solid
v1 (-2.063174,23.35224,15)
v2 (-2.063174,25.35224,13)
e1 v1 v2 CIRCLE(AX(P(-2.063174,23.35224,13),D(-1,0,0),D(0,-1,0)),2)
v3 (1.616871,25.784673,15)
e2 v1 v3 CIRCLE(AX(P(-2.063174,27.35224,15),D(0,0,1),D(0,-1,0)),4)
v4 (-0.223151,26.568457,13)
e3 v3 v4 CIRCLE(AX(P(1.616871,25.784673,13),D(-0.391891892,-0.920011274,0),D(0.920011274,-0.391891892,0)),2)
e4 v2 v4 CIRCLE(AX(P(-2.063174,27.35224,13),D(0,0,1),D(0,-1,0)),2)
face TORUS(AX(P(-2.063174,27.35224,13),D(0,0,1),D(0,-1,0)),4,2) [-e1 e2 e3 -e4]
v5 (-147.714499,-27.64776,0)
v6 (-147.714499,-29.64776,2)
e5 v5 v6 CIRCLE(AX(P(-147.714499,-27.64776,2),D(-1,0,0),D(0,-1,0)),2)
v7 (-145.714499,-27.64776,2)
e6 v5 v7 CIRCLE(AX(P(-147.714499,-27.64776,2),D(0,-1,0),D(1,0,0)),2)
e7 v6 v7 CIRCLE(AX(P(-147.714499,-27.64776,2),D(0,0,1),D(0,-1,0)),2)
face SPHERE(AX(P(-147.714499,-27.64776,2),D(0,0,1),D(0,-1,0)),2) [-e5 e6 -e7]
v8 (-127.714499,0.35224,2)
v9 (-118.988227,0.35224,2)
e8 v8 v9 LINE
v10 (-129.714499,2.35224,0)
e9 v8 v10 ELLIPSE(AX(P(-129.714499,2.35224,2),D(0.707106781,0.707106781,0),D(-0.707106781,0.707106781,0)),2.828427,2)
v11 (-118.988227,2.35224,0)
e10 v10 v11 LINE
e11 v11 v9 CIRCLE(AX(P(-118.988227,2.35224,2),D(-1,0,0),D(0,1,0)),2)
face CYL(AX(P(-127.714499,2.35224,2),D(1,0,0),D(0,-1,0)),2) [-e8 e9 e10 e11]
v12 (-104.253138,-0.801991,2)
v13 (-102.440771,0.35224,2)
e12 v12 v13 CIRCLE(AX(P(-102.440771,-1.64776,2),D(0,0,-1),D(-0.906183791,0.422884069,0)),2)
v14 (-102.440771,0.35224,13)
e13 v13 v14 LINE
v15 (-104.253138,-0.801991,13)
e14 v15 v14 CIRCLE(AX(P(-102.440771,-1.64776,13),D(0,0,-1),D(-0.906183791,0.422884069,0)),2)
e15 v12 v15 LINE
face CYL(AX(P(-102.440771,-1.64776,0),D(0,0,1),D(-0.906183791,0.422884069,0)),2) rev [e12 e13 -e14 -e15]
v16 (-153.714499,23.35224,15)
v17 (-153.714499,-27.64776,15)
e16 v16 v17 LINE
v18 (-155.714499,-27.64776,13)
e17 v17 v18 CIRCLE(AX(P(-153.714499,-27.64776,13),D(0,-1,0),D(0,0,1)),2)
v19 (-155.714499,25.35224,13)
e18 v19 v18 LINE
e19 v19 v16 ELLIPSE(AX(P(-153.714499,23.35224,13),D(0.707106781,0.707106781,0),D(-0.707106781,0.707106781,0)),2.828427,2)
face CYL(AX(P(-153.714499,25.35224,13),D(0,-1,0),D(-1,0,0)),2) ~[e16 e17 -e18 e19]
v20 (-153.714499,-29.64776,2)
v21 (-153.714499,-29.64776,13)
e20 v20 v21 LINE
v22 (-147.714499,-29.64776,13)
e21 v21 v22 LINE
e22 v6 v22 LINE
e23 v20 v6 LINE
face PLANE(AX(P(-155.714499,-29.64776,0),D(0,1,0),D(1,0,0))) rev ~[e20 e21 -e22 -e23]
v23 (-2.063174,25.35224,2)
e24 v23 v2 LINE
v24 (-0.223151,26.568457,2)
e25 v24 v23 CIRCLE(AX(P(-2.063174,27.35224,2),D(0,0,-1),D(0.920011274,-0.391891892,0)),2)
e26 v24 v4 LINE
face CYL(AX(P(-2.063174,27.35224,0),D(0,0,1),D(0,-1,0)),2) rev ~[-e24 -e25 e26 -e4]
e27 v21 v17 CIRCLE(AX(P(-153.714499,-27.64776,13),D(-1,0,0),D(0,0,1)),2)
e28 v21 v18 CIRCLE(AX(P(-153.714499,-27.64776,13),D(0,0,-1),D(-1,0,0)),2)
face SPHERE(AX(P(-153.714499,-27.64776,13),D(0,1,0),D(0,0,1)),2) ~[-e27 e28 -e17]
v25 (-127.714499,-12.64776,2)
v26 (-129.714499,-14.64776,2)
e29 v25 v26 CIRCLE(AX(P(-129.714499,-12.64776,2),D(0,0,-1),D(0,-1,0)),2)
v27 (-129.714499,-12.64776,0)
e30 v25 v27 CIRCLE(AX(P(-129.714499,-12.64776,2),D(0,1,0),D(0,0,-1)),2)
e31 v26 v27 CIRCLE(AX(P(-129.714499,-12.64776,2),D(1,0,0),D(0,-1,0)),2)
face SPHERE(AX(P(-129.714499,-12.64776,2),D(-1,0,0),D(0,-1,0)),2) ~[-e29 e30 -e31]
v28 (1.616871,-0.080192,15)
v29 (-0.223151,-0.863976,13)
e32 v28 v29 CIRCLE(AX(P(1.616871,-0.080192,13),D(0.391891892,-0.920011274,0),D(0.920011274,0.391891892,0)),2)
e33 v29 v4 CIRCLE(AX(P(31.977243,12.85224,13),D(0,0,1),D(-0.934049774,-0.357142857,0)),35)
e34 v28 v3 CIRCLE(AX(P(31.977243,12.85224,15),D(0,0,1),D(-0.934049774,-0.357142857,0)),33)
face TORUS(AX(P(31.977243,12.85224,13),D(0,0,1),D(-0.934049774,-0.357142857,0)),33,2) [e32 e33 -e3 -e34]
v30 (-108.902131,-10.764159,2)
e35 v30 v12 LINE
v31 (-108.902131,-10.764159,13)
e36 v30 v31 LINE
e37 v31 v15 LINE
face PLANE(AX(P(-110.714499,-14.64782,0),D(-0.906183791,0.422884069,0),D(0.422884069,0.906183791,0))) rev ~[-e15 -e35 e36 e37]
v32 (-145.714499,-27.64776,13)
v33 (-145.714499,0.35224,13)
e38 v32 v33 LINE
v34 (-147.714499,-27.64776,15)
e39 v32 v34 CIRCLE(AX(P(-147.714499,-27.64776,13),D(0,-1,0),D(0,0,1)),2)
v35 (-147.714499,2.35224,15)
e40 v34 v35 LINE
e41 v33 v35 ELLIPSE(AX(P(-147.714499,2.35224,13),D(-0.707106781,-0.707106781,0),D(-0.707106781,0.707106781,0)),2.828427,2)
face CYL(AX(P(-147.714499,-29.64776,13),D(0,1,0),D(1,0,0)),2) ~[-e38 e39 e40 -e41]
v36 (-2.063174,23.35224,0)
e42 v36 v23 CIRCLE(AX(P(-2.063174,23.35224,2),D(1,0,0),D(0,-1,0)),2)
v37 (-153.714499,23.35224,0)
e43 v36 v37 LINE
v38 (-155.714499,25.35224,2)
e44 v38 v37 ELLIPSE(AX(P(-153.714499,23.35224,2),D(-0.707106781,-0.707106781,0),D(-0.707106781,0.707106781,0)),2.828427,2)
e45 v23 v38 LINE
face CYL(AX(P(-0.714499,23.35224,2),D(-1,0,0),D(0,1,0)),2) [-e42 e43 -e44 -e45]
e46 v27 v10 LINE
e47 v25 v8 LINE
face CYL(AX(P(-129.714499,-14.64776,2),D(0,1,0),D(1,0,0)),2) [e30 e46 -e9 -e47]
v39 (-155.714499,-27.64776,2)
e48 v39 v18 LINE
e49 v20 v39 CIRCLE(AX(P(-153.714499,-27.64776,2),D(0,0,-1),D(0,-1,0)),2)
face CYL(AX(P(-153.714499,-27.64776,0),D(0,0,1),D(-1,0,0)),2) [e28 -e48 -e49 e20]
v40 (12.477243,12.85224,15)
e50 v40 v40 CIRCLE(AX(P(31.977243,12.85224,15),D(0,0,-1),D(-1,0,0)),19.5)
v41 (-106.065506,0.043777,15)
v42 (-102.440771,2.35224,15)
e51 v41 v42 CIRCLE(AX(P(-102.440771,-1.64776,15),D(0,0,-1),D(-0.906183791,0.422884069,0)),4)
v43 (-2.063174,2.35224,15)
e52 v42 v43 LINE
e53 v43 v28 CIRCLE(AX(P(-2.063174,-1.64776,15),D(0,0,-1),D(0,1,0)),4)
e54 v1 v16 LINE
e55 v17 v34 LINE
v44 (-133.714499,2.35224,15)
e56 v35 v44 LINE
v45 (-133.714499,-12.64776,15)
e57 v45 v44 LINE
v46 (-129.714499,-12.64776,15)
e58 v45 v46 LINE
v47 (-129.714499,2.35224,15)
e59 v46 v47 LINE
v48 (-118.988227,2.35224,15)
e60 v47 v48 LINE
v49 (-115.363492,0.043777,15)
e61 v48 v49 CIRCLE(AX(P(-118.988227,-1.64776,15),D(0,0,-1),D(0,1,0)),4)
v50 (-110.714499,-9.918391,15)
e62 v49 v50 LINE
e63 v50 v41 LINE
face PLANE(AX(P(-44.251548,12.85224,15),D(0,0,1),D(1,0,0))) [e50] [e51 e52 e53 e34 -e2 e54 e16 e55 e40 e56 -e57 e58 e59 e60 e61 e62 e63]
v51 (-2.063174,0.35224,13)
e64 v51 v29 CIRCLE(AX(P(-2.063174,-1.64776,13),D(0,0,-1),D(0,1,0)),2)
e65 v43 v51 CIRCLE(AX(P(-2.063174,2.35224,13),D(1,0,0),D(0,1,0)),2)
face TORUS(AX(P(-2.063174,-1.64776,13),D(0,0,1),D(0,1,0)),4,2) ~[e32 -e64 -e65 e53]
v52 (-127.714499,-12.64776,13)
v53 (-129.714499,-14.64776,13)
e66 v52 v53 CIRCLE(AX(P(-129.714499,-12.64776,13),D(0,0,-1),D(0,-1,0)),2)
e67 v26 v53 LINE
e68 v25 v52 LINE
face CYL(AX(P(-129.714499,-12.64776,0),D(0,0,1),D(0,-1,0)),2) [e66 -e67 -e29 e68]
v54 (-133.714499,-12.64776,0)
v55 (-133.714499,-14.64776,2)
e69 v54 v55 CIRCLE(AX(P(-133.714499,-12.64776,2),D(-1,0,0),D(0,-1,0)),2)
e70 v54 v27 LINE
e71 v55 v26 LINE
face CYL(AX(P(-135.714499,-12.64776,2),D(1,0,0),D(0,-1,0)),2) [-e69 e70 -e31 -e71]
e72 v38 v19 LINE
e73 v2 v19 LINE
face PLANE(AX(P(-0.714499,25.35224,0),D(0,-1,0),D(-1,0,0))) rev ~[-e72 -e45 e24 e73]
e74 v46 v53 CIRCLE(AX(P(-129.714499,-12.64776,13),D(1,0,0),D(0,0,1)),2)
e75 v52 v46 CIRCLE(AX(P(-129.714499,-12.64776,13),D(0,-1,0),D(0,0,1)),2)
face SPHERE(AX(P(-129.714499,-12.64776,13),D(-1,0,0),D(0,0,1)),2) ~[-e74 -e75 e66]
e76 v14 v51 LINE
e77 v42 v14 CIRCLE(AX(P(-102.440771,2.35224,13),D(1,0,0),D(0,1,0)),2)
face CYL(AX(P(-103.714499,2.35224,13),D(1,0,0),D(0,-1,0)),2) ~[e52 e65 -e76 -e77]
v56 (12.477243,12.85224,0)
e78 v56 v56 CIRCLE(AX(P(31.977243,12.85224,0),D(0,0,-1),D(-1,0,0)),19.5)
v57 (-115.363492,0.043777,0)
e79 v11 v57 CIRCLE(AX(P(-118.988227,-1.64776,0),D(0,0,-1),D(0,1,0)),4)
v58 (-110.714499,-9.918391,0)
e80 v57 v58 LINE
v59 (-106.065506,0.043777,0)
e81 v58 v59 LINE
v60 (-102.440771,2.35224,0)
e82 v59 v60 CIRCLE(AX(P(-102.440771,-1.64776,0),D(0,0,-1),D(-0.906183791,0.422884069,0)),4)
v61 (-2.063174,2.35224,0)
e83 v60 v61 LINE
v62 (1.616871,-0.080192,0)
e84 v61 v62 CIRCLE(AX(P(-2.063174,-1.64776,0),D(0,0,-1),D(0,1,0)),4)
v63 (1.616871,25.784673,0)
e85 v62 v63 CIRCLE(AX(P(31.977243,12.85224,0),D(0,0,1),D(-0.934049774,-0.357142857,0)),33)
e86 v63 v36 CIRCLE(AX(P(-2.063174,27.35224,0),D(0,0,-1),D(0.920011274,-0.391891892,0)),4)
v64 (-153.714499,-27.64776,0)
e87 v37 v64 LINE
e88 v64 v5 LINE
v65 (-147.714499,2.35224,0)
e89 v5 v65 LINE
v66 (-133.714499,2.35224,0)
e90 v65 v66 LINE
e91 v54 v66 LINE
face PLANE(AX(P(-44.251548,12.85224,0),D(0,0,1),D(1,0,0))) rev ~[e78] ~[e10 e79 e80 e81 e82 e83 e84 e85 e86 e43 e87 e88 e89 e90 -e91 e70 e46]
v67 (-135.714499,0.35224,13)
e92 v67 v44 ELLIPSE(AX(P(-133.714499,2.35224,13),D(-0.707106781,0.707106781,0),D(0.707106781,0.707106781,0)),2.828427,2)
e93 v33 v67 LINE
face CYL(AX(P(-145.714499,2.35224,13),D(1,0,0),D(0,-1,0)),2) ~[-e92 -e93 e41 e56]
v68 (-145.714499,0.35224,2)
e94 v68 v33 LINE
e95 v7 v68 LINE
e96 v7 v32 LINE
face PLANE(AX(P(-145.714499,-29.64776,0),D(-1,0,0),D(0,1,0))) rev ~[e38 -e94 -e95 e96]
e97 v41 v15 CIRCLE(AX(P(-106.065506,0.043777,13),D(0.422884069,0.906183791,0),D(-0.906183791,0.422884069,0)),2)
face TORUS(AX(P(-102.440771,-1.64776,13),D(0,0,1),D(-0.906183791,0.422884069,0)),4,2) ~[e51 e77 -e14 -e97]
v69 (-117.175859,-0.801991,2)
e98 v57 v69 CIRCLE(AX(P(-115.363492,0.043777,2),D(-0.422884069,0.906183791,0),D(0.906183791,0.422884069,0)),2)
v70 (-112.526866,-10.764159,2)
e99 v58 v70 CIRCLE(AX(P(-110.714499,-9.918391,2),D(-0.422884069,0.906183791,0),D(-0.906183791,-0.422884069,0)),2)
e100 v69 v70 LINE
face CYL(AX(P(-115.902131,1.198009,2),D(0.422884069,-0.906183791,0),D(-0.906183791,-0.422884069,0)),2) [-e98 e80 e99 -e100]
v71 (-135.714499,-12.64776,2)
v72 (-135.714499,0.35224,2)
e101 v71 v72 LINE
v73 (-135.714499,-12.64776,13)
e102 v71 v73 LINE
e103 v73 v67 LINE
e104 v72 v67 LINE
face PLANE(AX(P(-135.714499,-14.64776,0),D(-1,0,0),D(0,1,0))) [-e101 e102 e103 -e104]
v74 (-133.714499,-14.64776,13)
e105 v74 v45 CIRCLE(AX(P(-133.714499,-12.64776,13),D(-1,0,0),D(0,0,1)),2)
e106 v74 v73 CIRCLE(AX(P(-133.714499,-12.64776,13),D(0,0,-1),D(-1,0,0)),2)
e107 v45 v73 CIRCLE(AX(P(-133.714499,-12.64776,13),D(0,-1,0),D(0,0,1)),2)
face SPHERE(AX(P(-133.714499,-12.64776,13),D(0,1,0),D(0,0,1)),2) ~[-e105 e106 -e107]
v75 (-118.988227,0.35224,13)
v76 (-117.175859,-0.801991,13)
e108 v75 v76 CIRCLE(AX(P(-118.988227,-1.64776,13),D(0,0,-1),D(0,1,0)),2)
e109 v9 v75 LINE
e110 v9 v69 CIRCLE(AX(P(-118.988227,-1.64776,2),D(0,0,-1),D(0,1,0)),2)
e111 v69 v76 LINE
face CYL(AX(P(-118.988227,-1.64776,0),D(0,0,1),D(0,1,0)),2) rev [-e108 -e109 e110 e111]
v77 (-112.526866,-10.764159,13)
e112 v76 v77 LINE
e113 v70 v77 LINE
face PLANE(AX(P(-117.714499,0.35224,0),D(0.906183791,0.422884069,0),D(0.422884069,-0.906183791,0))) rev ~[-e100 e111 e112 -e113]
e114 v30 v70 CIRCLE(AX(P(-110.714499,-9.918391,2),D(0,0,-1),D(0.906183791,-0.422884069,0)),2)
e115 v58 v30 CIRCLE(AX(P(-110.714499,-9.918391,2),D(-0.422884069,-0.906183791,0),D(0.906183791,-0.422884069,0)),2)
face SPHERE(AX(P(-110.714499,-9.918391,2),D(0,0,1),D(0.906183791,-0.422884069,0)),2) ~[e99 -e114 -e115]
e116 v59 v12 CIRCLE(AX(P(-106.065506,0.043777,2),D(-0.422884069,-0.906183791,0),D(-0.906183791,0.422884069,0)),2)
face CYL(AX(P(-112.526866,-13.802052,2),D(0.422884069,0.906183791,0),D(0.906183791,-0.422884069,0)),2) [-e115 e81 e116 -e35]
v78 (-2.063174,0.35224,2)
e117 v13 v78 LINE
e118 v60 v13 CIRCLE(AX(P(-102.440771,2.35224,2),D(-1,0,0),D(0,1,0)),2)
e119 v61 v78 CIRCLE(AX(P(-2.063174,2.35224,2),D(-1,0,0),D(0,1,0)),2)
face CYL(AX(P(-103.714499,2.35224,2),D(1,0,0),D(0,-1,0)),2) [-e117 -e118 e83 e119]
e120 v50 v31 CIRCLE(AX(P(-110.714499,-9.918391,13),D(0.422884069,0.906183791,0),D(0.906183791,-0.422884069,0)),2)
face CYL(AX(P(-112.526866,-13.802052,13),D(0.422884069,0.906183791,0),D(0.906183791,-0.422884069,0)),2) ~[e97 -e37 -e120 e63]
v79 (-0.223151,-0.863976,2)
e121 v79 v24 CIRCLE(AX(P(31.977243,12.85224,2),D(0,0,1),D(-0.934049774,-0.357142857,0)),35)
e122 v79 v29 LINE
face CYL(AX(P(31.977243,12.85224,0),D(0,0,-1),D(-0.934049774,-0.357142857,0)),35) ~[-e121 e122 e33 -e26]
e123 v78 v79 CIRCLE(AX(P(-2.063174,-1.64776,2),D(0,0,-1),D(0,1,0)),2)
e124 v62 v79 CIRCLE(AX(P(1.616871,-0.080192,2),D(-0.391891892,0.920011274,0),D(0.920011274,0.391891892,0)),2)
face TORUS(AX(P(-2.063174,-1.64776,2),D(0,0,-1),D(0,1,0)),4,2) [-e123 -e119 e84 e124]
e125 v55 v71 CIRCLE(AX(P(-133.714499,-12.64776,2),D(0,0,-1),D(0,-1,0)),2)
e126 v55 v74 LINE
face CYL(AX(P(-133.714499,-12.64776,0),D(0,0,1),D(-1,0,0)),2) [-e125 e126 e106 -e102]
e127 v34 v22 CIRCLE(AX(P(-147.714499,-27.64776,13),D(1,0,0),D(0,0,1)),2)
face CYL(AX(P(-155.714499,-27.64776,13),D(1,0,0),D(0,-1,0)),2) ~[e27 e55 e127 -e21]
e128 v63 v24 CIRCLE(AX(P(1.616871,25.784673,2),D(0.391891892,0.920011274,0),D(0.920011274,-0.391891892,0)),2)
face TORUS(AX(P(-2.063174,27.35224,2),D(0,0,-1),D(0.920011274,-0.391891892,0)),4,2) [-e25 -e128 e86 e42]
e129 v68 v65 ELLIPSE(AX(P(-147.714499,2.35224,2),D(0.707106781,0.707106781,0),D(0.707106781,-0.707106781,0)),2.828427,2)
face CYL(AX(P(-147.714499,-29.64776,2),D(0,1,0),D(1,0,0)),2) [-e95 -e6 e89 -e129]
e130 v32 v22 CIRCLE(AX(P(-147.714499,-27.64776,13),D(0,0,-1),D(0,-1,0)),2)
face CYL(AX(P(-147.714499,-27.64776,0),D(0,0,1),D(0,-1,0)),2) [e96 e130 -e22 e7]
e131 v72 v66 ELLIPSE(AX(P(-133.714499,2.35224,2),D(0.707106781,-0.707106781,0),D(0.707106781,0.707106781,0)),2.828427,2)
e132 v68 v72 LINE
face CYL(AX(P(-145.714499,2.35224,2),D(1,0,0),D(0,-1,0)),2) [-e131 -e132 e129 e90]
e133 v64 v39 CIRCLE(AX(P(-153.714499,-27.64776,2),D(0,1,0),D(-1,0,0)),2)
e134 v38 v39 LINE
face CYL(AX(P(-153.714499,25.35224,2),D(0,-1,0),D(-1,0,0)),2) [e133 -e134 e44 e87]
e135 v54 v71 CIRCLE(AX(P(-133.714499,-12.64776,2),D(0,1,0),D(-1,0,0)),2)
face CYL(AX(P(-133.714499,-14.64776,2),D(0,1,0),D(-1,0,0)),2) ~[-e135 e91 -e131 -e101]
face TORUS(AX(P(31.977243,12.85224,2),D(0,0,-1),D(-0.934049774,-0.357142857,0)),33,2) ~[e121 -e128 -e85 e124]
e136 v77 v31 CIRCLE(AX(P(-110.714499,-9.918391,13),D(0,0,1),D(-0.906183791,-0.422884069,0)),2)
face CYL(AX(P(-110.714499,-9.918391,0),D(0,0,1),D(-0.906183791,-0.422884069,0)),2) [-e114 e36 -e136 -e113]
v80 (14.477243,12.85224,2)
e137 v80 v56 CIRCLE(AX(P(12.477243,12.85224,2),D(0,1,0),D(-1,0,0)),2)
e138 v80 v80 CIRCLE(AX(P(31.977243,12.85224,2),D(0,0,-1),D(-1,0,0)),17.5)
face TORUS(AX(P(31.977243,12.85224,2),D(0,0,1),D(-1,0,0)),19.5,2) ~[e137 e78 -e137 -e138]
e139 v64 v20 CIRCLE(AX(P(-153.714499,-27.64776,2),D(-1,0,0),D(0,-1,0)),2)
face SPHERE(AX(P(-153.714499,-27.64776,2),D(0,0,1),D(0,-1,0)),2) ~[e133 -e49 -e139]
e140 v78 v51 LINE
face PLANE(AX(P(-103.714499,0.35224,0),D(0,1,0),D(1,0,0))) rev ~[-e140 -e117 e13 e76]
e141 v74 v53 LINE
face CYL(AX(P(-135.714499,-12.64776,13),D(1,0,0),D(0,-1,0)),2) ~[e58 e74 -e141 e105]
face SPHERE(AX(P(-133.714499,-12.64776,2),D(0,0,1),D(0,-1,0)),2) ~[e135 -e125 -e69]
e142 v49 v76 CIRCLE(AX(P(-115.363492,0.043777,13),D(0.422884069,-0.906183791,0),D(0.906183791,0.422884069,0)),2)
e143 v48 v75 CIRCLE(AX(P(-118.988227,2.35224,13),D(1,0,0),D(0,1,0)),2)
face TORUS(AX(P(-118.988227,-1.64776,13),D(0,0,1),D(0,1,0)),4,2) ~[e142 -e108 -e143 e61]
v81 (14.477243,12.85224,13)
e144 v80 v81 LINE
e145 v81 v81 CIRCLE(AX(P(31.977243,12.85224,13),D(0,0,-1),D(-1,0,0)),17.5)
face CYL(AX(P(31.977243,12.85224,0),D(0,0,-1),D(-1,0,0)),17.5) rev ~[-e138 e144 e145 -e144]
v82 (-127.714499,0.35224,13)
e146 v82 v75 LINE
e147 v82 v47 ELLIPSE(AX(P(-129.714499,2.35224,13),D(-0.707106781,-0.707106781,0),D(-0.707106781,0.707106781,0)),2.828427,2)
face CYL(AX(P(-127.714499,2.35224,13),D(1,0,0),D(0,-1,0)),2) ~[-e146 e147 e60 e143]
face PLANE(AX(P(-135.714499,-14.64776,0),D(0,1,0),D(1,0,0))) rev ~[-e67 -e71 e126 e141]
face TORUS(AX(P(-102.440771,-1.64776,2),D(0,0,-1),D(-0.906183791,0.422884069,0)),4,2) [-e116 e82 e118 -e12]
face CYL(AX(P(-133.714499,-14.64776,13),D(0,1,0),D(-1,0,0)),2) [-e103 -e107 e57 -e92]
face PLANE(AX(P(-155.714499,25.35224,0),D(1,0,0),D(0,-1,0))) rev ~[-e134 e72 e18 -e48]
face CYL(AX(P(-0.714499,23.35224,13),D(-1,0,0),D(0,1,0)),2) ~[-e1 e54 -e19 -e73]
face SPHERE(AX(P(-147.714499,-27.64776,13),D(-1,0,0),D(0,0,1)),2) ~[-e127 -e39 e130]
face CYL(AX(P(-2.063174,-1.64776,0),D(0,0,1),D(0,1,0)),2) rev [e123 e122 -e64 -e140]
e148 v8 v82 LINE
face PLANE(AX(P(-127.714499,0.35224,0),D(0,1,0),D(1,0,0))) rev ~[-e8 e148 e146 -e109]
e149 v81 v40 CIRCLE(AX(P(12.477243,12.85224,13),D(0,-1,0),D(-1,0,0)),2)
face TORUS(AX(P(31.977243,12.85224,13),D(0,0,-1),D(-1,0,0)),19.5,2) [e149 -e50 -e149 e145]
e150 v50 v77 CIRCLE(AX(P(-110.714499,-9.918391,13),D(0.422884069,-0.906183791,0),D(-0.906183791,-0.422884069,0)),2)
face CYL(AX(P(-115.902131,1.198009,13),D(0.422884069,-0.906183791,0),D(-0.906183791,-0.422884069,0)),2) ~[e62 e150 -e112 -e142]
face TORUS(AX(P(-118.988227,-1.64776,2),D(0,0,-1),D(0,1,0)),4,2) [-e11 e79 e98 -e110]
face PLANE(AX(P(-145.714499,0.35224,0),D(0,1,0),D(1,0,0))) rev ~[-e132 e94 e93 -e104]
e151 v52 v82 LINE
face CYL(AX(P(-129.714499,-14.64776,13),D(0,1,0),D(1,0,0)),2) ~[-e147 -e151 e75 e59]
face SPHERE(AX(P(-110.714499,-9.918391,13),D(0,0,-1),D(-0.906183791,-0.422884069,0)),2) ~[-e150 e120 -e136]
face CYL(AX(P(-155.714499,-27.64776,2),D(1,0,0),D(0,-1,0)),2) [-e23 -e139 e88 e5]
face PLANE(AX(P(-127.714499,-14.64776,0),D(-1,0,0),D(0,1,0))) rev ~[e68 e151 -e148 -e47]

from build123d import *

# Parameters (mm, degrees)
F0_W     = 10
F0_H     = 30
F0_W_2   = 8
F0_H_2   = 15
F1_DEPTH = 15
F2_R     = 2


with BuildPart() as f1:
    # F0 (on Top) → F1 (new body)
    with BuildSketch(Plane.XY):
        with BuildLine():
            Line((-0.7144987679, 25.3522404187), (-155.7144987679, 25.3522404187))
            Line((-155.7144987679, 25.3522404187), (-155.7144987679, 12.8522404187))
            Line((-155.7144987679, 12.8522404187), (-155.7144987679, 0.3522404187))
            Line((-155.7144987679, 0.3522404187), (-145.7144987679, 0.3522404187))
            Line((-145.7144987679, 0.3522404187), (-135.7144987679, 0.3522404187))
            Line((-135.7144987679, 0.3522404187), (-127.7144987679, 0.3522404187))
            Line((-127.7144987679, 0.3522404187), (-117.7144987679, 0.3522404187))
            Line((-117.7144987679, 0.3522404187), (-103.7144987679, 0.3522404187))
            Line((-103.7144987679, 0.3522404187), (-0.7144987679, 0.3522404187))
            ThreePointArc((-0.7144987679, 0.3522404187), (66.9772433087, 12.8522404187), (-0.7144987679, 25.3522404187))
        make_face()
        with BuildLine():
            ThreePointArc((49.4772433087, 12.8522404187), (31.9772433087, -4.6477595813), (14.4772433087, 12.8522404187))
            ThreePointArc((14.4772433087, 12.8522404187), (31.9772433087, 30.3522404187), (49.4772433087, 12.8522404187))
        make_face(mode=Mode.SUBTRACT)
        with Locations((-150.7144987679, -14.6477595813)):
            Rectangle(F0_W, F0_H)
        Polygon((-110.7144987679, -14.6478198812), (-103.7144987679, 0.3522404187), (-117.7144987679, 0.3522404187), align=None)
        with Locations((-131.7144987679, -7.1477595813)):
            Rectangle(F0_W_2, F0_H_2)
    extrude(amount=F1_DEPTH)

    # F2
    f2_edges = [f1.edges().sort_by_distance(p)[0] for p in [
        (49.477243, 12.85224, 15),
        (-78.214499, 25.35224, 15),
        (-155.714499, -2.14776, 15),
        (-150.714499, -29.64776, 15),
        (-145.714499, -14.64776, 15),
        (-140.714499, 0.35224, 15),
        (-135.714499, -7.14776, 15),
        (-131.714499, -14.64776, 15),
        (-127.714499, -7.14776, 15),
        (-122.714499, 0.35224, 15),
        (-114.214499, -7.14779, 15),
        (-107.214499, -7.14779, 15),
        (-52.214499, 0.35224, 15),
        (66.977243, 12.85224, 15),
        (49.477243, 12.85224, 0),
        (-52.214499, 0.35224, 0),
        (66.977243, 12.85224, 0),
        (-78.214499, 25.35224, 0),
        (-145.714499, -29.64776, 7.5),
        (-155.714499, -29.64776, 7.5),
        (-150.714499, -29.64776, 0),
        (-140.714499, 0.35224, 0),
        (-135.714499, -14.64776, 7.5),
        (-131.714499, -14.64776, 0),
        (-127.714499, -14.64776, 7.5),
        (-114.214499, -7.14779, 0),
        (-117.714499, 0.35224, 7.5),
        (-103.714499, 0.35224, 7.5),
        (-110.714499, -14.64782, 7.5),
        (-0.714499, 25.35224, 7.5),
        (-0.714499, 0.35224, 7.5),
        (-107.214499, -7.14779, 0),
        (-155.714499, -2.14776, 0),
        (-145.714499, -14.64776, 0),
        (-135.714499, -7.14776, 0),
        (-127.714499, -7.14776, 0),
        (-122.714499, 0.35224, 0),
    ]]
    fillet(f2_edges, radius=F2_R)


solid = f1.part
